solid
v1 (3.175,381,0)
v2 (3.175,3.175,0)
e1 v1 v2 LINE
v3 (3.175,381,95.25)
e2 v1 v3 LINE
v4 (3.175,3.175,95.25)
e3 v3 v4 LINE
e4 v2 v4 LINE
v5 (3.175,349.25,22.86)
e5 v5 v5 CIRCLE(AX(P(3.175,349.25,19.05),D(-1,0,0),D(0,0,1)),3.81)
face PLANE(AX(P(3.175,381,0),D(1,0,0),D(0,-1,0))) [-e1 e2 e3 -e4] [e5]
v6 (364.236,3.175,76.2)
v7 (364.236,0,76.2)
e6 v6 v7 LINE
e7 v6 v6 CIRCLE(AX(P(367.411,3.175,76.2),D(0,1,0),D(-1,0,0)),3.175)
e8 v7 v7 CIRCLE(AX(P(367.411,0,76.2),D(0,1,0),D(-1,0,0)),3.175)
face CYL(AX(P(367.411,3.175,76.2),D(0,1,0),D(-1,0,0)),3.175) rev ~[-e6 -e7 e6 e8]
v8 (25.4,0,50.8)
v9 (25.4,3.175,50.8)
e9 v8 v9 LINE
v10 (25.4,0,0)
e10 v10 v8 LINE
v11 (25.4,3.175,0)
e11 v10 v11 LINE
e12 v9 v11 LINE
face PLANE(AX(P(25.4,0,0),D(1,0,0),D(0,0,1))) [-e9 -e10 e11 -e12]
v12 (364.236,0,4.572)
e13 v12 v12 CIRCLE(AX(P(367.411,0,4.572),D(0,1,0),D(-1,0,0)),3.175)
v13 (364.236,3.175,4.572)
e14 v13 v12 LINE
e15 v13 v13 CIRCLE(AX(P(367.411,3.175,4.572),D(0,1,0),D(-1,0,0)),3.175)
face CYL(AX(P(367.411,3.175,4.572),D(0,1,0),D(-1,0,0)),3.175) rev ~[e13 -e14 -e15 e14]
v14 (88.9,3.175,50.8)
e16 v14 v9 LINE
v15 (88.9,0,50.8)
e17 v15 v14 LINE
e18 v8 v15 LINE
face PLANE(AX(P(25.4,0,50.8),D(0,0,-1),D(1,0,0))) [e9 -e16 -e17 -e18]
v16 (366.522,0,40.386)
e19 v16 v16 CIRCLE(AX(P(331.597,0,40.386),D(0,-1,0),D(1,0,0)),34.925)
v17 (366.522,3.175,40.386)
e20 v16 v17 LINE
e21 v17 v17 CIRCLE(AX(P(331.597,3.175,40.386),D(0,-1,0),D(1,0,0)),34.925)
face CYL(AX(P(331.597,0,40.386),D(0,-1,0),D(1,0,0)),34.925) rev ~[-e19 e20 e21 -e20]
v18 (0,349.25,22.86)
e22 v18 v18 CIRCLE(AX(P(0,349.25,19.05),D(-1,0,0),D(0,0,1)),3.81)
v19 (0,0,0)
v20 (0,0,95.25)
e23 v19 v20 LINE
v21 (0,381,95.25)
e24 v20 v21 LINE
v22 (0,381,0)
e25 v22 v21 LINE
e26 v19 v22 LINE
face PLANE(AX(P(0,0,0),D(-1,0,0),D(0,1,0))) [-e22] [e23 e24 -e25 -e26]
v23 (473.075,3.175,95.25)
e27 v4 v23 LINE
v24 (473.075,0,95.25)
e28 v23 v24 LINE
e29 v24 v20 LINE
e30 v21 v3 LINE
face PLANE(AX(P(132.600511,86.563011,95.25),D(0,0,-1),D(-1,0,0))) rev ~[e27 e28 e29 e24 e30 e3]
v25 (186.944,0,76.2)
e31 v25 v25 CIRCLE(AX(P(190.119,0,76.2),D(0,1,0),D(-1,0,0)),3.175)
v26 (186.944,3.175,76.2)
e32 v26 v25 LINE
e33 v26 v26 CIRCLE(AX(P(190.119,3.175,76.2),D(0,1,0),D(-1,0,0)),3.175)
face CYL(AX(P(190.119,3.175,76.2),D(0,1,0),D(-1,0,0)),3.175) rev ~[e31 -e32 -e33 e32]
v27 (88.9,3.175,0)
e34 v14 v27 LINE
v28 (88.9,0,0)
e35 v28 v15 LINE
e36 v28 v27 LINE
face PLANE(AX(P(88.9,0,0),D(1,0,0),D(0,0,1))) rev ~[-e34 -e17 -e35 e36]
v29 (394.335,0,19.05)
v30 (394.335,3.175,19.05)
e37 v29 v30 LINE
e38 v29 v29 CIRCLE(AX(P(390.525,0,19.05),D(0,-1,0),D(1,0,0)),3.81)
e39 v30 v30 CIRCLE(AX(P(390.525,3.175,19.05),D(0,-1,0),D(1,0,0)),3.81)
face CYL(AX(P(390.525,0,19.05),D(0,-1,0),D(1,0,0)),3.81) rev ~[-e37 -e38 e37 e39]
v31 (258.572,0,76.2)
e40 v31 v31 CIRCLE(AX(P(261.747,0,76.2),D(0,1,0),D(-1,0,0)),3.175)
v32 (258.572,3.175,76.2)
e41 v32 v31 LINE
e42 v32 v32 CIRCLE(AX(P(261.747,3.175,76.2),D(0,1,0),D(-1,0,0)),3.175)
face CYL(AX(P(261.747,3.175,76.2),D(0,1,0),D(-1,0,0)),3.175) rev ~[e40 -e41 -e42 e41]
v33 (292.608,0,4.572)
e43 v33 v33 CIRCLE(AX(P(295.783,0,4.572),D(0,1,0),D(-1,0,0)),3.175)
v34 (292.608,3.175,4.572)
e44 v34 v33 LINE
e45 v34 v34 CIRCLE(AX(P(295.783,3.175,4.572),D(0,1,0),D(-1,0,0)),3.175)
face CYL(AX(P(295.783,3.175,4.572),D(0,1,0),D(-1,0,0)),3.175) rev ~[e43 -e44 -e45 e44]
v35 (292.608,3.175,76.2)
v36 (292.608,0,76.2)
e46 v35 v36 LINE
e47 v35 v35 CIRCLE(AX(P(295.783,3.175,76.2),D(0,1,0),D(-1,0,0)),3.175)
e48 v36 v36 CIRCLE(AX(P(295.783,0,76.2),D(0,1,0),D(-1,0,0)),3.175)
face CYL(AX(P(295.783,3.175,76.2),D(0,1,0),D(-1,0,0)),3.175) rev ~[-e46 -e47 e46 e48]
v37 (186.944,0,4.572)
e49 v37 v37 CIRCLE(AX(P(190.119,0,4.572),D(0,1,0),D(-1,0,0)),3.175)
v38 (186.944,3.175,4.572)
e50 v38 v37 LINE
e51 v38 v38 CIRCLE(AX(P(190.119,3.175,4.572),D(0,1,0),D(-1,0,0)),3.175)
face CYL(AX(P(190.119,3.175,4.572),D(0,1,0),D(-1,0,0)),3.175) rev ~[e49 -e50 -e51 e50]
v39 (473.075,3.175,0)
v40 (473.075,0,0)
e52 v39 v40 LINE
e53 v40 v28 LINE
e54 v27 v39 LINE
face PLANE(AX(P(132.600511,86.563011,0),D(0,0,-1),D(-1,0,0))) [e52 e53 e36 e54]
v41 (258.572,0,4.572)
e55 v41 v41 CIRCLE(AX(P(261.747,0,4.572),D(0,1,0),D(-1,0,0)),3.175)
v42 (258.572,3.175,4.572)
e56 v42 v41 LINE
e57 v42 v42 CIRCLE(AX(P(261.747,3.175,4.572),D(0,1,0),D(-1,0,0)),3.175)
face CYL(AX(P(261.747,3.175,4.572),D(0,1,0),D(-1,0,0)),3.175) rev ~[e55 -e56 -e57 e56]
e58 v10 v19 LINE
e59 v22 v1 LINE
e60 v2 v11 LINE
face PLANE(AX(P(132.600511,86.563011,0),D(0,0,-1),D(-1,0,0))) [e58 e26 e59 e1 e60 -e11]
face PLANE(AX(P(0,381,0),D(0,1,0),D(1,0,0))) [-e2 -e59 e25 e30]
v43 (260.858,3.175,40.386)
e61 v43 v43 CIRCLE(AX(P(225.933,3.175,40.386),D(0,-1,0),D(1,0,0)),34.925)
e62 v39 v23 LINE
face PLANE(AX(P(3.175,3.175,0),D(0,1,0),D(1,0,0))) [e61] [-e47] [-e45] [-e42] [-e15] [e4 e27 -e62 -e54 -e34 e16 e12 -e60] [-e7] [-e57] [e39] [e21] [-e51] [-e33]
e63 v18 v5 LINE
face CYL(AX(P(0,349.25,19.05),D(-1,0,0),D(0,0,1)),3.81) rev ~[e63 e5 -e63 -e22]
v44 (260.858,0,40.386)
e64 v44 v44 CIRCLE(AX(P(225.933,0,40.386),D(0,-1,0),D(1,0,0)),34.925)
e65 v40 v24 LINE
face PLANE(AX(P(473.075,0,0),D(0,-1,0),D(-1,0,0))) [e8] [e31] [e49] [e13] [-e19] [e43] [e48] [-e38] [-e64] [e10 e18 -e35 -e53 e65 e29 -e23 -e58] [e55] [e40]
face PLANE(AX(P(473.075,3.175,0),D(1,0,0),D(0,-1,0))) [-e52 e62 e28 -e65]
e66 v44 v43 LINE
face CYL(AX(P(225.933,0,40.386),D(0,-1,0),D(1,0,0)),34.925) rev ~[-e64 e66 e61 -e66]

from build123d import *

# Parameters (mm, degrees)
BOSS_EXTRUDE1_DEPTH = 95.25
SKETCH2_R           = 3.175
CUT_EXTRUDE1_DEPTH  = 152.4
SKETCH4_R           = 34.925
SKETCH4_R_2         = 3.81
CUT_EXTRUDE2_DEPTH  = 381
SKETCH5_R           = 3.81
CUT_EXTRUDE3_DEPTH  = 12.7
SKETCH6_W           = 63.5
SKETCH6_H           = 50.8
CUT_EXTRUDE4_DEPTH  = 76.708


with BuildPart() as part:
    # Sketch1 → Boss-Extrude1 (new body)
    with BuildSketch(Plane.XY):
        Polygon((0, 0), (0, 381), (3.175, 381), (3.175, 3.175), (473.075, 3.175), (473.075, 0), align=None)
    extrude(amount=BOSS_EXTRUDE1_DEPTH)

    # Sketch2 → Cut-Extrude1 (cut)
    with BuildSketch(Plane(origin=(0, 3.175, 0), x_dir=(1, 0, 0), z_dir=(0, 1, 0))):
        with Locations(Location((190.119, -4.572, 0), (0, 0, 180))):
            Circle(SKETCH2_R)
        with Locations(Location((190.119, -76.2, 0), (0, 0, 180))):
            Circle(SKETCH2_R)
        with Locations(Location((261.747, -4.572, 0), (0, 0, 180))):
            Circle(SKETCH2_R)
        with Locations(Location((261.747, -76.2, 0), (0, 0, 180))):
            Circle(SKETCH2_R)
        with Locations(Location((295.783, -76.2, 0), (0, 0, 180))):
            Circle(SKETCH2_R)
        with Locations(Location((295.783, -4.572, 0), (0, 0, 180))):
            Circle(SKETCH2_R)
        with Locations(Location((367.411, -76.2, 0), (0, 0, 180))):
            Circle(SKETCH2_R)
        with Locations(Location((367.411, -4.572, 0), (0, 0, 180))):
            Circle(SKETCH2_R)
    extrude(amount=-CUT_EXTRUDE1_DEPTH, mode=Mode.SUBTRACT)

    # Sketch4 → Cut-Extrude2 (cut)
    with BuildSketch(Plane.XZ):
        with Locations((225.933, 40.386)):
            Circle(SKETCH4_R)
        with Locations((331.597, 40.386)):
            Circle(SKETCH4_R)
        with Locations((390.525, 19.05)):
            Circle(SKETCH4_R_2)
    extrude(amount=-CUT_EXTRUDE2_DEPTH, mode=Mode.SUBTRACT)

    # Sketch5 → Cut-Extrude3 (cut)
    with BuildSketch(Plane.ZY):
        with Locations((19.05, 349.25)):
            Circle(SKETCH5_R)
    extrude(amount=-CUT_EXTRUDE3_DEPTH, mode=Mode.SUBTRACT)

    # Sketch6 → Cut-Extrude4 (cut)
    with BuildSketch(Plane.XZ):
        with Locations((57.15, 25.4)):
            Rectangle(SKETCH6_W, SKETCH6_H)
    extrude(amount=-CUT_EXTRUDE4_DEPTH, mode=Mode.SUBTRACT)


solid = part.part
